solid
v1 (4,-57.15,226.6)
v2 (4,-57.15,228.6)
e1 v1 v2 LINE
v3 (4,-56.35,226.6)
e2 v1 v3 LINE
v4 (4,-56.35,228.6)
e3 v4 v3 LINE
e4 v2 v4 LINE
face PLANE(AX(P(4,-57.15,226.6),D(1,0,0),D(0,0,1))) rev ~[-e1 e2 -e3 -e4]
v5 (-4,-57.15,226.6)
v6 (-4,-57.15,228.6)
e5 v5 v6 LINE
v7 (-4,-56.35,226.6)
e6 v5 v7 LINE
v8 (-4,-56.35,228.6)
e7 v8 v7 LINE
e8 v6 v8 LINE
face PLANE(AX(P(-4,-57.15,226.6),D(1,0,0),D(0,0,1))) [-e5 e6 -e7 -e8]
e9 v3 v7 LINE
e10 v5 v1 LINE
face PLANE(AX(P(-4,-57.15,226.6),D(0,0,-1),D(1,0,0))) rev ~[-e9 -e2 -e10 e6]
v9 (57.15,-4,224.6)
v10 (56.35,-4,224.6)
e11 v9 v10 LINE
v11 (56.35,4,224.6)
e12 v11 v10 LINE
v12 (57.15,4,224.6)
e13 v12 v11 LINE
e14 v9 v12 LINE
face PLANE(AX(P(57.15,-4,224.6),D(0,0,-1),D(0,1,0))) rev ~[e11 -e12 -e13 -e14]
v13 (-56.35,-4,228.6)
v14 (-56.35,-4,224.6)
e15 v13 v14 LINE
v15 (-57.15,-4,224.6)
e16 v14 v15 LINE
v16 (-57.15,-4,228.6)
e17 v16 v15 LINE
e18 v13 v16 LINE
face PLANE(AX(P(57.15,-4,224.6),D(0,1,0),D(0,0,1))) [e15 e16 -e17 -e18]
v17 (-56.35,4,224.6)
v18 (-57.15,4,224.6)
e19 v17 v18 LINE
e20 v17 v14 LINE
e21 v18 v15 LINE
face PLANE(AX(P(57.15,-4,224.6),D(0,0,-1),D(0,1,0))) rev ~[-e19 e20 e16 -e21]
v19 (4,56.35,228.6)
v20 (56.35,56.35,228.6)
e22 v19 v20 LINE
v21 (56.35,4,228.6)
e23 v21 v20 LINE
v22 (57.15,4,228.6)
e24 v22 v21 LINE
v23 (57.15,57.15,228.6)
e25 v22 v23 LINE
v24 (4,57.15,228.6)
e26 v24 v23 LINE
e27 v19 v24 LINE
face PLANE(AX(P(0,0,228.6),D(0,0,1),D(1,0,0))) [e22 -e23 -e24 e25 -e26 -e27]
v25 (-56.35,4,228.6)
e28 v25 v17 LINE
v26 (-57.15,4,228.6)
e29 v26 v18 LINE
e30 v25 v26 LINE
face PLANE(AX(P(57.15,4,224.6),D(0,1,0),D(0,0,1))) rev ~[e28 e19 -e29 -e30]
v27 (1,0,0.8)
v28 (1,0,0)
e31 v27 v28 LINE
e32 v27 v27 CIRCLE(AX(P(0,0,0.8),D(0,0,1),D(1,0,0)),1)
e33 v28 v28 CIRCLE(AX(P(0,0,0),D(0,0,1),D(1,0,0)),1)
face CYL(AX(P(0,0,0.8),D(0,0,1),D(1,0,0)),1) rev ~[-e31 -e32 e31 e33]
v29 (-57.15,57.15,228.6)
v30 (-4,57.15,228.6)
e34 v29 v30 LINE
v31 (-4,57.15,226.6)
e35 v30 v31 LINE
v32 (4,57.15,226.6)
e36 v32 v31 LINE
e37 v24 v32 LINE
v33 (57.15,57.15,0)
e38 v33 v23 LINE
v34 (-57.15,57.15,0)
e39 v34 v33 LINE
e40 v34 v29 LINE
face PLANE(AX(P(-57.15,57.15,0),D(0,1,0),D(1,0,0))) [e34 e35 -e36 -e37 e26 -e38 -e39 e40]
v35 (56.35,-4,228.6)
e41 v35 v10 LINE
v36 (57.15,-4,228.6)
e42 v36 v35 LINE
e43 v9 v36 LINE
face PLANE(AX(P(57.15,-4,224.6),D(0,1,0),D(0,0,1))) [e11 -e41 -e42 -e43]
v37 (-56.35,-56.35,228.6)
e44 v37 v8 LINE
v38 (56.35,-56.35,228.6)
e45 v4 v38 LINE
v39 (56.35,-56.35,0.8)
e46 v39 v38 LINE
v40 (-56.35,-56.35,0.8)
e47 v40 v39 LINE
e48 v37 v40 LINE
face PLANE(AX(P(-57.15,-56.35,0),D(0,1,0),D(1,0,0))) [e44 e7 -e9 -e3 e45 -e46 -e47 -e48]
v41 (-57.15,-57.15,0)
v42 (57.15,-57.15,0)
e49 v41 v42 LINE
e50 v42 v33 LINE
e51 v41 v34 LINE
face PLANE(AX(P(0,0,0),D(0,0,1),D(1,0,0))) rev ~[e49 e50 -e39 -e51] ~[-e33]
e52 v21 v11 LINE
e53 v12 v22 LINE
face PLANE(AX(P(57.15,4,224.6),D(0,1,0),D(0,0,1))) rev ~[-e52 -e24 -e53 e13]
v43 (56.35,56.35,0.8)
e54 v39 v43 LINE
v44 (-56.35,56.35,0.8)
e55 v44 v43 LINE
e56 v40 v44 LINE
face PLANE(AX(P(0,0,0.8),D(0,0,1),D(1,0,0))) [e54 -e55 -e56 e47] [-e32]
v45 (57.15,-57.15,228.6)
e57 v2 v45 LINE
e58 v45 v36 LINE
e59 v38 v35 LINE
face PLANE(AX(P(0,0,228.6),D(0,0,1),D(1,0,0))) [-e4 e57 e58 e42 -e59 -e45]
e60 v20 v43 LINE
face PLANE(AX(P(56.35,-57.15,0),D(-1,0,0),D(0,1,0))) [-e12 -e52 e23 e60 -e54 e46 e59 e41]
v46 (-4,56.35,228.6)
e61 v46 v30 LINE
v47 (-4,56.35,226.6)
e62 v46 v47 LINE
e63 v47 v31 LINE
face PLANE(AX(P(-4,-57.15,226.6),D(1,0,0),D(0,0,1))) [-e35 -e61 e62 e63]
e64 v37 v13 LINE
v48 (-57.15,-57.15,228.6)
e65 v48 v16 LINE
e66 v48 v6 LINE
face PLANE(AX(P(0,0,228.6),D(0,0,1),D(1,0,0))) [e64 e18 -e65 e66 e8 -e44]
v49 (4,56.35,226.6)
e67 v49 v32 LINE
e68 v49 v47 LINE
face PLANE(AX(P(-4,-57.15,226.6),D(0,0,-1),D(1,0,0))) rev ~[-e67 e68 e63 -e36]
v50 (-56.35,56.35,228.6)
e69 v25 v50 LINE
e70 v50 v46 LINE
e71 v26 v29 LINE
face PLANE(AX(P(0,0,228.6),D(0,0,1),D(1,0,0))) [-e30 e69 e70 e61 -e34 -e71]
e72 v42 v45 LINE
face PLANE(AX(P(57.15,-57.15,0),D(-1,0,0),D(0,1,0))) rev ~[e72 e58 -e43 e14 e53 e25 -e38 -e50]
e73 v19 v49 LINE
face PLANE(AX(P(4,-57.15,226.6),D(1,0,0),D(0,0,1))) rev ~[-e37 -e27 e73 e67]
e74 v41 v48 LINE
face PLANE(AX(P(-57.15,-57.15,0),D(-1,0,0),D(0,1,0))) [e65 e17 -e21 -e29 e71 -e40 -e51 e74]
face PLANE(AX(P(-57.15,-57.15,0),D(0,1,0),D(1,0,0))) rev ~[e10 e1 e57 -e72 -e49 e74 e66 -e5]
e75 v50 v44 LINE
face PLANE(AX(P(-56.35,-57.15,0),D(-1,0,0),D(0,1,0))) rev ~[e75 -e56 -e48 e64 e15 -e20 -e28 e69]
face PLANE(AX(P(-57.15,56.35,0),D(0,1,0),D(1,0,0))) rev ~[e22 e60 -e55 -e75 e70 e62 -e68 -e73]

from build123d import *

# Parameters (mm, degrees)
F0_W     = 114.3
F0_H     = 114.3
F1_DEPTH = 228.6
F2_T     = -0.8
F3_R     = 1
F4_DEPTH = 25.4
F5_W     = 8
F5_H     = 2
F6_DEPTH = 114.301
F7_W     = 8
F7_H     = 4
F8_DEPTH = 114.301


with BuildPart() as f1:
    # F0 (on Top) → F1 (new body)
    with BuildSketch(Plane.XY):
        Rectangle(F0_W, F0_H)
    extrude(amount=F1_DEPTH)

    # F2
    f2_openings = [f1.faces().sort_by_distance(p)[0] for p in [
        (0, 0, 228.6),
    ]]
    offset(amount=F2_T, openings=f2_openings)

    # F3 (on face) → F4 (cut)
    with BuildSketch(Plane.XY.offset(0.8)):
        Circle(F3_R)
    extrude(amount=-F4_DEPTH, mode=Mode.SUBTRACT)

    # F5 (on face) → F6 (cut, through all)
    with BuildSketch(Plane.XZ.offset(57.15)):
        with Locations((0, 227.6)):
            Rectangle(F5_W, F5_H)
    extrude(amount=-F6_DEPTH, mode=Mode.SUBTRACT)

    # F7 (on face) → F8 (cut, through all)
    with BuildSketch(Plane.YZ.offset(57.15)):
        with Locations((0, 226.6)):
            Rectangle(F7_W, F7_H)
    extrude(amount=-F8_DEPTH, mode=Mode.SUBTRACT)


solid = f1.part
